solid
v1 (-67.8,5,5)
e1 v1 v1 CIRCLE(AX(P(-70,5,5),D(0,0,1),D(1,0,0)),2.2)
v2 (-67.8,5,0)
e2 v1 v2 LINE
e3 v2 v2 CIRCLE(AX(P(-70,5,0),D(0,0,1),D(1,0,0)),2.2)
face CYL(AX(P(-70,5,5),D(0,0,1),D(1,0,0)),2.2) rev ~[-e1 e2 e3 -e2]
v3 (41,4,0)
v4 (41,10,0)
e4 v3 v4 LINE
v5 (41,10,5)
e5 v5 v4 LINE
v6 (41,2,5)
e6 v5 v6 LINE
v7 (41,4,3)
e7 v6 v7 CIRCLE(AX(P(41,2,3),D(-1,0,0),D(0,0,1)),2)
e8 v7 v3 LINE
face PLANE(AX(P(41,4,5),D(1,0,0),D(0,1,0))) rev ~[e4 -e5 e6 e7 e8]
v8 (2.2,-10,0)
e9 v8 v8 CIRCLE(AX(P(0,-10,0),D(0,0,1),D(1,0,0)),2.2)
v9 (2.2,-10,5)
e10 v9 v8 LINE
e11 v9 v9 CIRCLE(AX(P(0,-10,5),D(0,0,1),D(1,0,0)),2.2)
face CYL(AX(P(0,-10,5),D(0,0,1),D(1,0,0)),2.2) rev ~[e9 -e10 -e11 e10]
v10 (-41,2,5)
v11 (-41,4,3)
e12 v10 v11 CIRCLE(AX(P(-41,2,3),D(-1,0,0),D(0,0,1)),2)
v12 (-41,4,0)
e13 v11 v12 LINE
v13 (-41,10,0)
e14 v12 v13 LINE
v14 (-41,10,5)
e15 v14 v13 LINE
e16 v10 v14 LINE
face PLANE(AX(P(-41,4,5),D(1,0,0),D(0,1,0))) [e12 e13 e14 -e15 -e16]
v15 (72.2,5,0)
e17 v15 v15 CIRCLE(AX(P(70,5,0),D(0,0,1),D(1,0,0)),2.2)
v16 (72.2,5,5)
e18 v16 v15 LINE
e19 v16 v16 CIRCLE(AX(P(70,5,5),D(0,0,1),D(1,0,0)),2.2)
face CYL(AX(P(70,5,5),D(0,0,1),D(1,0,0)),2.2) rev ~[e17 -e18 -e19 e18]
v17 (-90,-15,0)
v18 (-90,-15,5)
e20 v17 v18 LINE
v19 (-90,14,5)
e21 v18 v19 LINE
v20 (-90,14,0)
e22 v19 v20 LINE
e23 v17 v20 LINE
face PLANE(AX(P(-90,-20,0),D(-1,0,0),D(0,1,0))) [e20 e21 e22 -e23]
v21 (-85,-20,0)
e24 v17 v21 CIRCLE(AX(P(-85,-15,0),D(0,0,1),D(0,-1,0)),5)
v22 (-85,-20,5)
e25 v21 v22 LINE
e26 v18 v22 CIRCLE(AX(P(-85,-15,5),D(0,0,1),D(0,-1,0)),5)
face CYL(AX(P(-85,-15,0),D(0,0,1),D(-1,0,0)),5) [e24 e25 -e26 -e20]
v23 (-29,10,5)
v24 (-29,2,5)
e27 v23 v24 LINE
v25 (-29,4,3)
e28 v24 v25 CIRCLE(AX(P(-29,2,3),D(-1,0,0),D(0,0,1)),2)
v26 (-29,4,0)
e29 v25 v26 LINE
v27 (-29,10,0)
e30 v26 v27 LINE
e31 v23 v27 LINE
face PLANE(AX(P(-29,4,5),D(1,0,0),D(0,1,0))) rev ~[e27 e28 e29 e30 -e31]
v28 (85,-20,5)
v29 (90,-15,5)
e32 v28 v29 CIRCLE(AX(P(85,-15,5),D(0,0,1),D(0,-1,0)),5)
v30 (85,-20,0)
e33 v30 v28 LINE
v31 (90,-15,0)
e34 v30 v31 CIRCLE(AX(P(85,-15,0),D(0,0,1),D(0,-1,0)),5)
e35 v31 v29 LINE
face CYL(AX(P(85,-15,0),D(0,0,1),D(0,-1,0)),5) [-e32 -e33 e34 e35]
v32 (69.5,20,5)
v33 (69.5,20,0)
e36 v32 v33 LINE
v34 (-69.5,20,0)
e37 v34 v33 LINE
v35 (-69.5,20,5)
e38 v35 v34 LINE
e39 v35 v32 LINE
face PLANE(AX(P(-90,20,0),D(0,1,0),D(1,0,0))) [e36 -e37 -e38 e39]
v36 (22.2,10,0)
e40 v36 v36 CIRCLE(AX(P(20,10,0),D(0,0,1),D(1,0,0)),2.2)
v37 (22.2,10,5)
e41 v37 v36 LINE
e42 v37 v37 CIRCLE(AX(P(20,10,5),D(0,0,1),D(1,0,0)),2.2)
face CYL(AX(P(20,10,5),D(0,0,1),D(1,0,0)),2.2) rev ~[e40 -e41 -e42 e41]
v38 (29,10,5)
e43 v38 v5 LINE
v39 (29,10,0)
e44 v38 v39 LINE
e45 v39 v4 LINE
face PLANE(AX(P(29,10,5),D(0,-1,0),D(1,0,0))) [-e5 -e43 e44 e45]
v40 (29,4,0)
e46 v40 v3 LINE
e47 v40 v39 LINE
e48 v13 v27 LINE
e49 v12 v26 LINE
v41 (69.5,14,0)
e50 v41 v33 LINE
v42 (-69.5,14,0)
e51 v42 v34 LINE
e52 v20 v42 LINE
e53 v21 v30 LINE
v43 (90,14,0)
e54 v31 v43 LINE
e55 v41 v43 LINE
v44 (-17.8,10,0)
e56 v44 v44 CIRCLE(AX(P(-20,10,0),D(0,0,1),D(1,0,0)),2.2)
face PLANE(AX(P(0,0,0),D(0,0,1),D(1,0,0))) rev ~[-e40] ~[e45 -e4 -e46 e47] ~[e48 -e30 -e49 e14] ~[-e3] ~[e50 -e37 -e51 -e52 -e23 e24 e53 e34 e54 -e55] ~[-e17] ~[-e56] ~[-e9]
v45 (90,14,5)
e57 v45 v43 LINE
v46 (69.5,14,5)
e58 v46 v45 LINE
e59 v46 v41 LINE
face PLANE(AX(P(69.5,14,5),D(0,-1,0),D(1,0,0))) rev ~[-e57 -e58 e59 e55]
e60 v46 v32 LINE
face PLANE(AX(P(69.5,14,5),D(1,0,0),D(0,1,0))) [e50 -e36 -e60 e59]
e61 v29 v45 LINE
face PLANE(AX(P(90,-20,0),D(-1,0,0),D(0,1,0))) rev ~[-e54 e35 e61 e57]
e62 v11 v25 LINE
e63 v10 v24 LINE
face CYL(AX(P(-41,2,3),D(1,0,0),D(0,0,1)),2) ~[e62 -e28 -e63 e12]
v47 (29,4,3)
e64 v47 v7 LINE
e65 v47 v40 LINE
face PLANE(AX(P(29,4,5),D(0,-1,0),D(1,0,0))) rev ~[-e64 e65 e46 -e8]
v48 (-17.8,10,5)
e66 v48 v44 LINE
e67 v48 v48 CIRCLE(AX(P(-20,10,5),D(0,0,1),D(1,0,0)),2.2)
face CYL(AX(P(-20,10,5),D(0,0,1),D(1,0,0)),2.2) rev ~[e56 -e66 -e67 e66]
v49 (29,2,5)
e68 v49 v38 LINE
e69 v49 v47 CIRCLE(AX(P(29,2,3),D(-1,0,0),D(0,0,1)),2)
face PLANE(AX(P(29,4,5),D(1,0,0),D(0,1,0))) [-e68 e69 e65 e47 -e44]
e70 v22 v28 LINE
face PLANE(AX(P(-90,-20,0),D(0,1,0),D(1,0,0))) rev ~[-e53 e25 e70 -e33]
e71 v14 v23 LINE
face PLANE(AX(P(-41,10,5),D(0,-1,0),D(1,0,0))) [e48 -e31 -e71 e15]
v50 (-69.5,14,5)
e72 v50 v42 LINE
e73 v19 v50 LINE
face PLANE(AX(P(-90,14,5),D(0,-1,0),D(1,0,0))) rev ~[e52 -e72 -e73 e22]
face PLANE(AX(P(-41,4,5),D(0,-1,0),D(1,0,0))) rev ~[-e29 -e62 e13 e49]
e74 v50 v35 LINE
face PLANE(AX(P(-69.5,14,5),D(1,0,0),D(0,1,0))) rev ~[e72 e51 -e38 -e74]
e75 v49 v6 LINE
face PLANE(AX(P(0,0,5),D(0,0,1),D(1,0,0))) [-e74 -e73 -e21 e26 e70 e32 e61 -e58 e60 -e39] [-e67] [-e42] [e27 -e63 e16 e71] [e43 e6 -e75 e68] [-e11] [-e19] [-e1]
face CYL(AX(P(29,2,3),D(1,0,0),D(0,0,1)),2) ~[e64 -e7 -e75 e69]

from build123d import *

# Parameters (mm, degrees)
SZKIC1_W                    = 180
SZKIC1_H                    = 40
DODANIE_WYCI_GNI_CIE1_DEPTH = 5
ZAOKR_GLENIE1_R             = 5
SZKIC2_R                    = 2.2
WYTNIJ_WYCI_GNI_CIE1_DEPTH  = 5
SZKIC3_W                    = 20.5
SZKIC3_H                    = 6
WYTNIJ_WYCI_GNI_CIE2_DEPTH  = 10
SZKIC4_R                    = 2.2
WYTNIJ_WYCI_GNI_CIE3_DEPTH  = 10
SZKIC5_W                    = 12
SZKIC5_H                    = 6
WYTNIJ_WYCI_GNI_CIE4_DEPTH  = 93.330926563
ZAOKR_GLENIE2_R             = 2


with BuildPart() as part:
    # Szkic1 → Dodanie-wyciągnięcie1 (new body)
    with BuildSketch(Plane.XY):
        Rectangle(SZKIC1_W, SZKIC1_H)
    extrude(amount=DODANIE_WYCI_GNI_CIE1_DEPTH)

    # Zaokrąglenie1
    zaokr_glenie1_edges = [part.edges().sort_by_distance(p)[0] for p in [
        (90, -20, 2.5),
        (-90, -20, 2.5),
        (-90, 20, 2.5),
        (90, 20, 2.5),
    ]]
    fillet(zaokr_glenie1_edges, radius=ZAOKR_GLENIE1_R)

    # Szkic2 → Wytnij-wyciągnięcie1 (cut)
    with BuildSketch(Plane.XY.offset(5)):
        with Locations((-70, 5)):
            Circle(SZKIC2_R)
        with Locations((-20, 10)):
            Circle(SZKIC2_R)
        with Locations((20, 10)):
            Circle(SZKIC2_R)
        with Locations((70, 5)):
            Circle(SZKIC2_R)
    extrude(amount=-WYTNIJ_WYCI_GNI_CIE1_DEPTH, mode=Mode.SUBTRACT)

    # Szkic3 → Wytnij-wyciągnięcie2 (cut)
    with BuildSketch(Plane.XY.offset(5)):
        with Locations((-79.75, 17)):
            Rectangle(SZKIC3_W, SZKIC3_H)
        with Locations((79.75, 17)):
            Rectangle(SZKIC3_W, SZKIC3_H)
    extrude(amount=-WYTNIJ_WYCI_GNI_CIE2_DEPTH, mode=Mode.SUBTRACT)

    # Szkic4 → Wytnij-wyciągnięcie3 (cut)
    with BuildSketch(Plane.XY.offset(5)):
        with Locations((0, -10)):
            Circle(SZKIC4_R)
    extrude(amount=-WYTNIJ_WYCI_GNI_CIE3_DEPTH, mode=Mode.SUBTRACT)

    # Szkic5 → Wytnij-wyciągnięcie4 (cut, through all)
    with BuildSketch(Plane.XY.offset(5)):
        with Locations((-35, 7)):
            Rectangle(SZKIC5_W, SZKIC5_H)
        with Locations((35, 7)):
            Rectangle(SZKIC5_W, SZKIC5_H)
    extrude(amount=-WYTNIJ_WYCI_GNI_CIE4_DEPTH, mode=Mode.SUBTRACT)

    # Zaokrąglenie2
    zaokr_glenie2_edges = [part.edges().sort_by_distance(p)[0] for p in [
        (-35, 4, 5),
        (35, 4, 5),
    ]]
    fillet(zaokr_glenie2_edges, radius=ZAOKR_GLENIE2_R)


solid = part.part
